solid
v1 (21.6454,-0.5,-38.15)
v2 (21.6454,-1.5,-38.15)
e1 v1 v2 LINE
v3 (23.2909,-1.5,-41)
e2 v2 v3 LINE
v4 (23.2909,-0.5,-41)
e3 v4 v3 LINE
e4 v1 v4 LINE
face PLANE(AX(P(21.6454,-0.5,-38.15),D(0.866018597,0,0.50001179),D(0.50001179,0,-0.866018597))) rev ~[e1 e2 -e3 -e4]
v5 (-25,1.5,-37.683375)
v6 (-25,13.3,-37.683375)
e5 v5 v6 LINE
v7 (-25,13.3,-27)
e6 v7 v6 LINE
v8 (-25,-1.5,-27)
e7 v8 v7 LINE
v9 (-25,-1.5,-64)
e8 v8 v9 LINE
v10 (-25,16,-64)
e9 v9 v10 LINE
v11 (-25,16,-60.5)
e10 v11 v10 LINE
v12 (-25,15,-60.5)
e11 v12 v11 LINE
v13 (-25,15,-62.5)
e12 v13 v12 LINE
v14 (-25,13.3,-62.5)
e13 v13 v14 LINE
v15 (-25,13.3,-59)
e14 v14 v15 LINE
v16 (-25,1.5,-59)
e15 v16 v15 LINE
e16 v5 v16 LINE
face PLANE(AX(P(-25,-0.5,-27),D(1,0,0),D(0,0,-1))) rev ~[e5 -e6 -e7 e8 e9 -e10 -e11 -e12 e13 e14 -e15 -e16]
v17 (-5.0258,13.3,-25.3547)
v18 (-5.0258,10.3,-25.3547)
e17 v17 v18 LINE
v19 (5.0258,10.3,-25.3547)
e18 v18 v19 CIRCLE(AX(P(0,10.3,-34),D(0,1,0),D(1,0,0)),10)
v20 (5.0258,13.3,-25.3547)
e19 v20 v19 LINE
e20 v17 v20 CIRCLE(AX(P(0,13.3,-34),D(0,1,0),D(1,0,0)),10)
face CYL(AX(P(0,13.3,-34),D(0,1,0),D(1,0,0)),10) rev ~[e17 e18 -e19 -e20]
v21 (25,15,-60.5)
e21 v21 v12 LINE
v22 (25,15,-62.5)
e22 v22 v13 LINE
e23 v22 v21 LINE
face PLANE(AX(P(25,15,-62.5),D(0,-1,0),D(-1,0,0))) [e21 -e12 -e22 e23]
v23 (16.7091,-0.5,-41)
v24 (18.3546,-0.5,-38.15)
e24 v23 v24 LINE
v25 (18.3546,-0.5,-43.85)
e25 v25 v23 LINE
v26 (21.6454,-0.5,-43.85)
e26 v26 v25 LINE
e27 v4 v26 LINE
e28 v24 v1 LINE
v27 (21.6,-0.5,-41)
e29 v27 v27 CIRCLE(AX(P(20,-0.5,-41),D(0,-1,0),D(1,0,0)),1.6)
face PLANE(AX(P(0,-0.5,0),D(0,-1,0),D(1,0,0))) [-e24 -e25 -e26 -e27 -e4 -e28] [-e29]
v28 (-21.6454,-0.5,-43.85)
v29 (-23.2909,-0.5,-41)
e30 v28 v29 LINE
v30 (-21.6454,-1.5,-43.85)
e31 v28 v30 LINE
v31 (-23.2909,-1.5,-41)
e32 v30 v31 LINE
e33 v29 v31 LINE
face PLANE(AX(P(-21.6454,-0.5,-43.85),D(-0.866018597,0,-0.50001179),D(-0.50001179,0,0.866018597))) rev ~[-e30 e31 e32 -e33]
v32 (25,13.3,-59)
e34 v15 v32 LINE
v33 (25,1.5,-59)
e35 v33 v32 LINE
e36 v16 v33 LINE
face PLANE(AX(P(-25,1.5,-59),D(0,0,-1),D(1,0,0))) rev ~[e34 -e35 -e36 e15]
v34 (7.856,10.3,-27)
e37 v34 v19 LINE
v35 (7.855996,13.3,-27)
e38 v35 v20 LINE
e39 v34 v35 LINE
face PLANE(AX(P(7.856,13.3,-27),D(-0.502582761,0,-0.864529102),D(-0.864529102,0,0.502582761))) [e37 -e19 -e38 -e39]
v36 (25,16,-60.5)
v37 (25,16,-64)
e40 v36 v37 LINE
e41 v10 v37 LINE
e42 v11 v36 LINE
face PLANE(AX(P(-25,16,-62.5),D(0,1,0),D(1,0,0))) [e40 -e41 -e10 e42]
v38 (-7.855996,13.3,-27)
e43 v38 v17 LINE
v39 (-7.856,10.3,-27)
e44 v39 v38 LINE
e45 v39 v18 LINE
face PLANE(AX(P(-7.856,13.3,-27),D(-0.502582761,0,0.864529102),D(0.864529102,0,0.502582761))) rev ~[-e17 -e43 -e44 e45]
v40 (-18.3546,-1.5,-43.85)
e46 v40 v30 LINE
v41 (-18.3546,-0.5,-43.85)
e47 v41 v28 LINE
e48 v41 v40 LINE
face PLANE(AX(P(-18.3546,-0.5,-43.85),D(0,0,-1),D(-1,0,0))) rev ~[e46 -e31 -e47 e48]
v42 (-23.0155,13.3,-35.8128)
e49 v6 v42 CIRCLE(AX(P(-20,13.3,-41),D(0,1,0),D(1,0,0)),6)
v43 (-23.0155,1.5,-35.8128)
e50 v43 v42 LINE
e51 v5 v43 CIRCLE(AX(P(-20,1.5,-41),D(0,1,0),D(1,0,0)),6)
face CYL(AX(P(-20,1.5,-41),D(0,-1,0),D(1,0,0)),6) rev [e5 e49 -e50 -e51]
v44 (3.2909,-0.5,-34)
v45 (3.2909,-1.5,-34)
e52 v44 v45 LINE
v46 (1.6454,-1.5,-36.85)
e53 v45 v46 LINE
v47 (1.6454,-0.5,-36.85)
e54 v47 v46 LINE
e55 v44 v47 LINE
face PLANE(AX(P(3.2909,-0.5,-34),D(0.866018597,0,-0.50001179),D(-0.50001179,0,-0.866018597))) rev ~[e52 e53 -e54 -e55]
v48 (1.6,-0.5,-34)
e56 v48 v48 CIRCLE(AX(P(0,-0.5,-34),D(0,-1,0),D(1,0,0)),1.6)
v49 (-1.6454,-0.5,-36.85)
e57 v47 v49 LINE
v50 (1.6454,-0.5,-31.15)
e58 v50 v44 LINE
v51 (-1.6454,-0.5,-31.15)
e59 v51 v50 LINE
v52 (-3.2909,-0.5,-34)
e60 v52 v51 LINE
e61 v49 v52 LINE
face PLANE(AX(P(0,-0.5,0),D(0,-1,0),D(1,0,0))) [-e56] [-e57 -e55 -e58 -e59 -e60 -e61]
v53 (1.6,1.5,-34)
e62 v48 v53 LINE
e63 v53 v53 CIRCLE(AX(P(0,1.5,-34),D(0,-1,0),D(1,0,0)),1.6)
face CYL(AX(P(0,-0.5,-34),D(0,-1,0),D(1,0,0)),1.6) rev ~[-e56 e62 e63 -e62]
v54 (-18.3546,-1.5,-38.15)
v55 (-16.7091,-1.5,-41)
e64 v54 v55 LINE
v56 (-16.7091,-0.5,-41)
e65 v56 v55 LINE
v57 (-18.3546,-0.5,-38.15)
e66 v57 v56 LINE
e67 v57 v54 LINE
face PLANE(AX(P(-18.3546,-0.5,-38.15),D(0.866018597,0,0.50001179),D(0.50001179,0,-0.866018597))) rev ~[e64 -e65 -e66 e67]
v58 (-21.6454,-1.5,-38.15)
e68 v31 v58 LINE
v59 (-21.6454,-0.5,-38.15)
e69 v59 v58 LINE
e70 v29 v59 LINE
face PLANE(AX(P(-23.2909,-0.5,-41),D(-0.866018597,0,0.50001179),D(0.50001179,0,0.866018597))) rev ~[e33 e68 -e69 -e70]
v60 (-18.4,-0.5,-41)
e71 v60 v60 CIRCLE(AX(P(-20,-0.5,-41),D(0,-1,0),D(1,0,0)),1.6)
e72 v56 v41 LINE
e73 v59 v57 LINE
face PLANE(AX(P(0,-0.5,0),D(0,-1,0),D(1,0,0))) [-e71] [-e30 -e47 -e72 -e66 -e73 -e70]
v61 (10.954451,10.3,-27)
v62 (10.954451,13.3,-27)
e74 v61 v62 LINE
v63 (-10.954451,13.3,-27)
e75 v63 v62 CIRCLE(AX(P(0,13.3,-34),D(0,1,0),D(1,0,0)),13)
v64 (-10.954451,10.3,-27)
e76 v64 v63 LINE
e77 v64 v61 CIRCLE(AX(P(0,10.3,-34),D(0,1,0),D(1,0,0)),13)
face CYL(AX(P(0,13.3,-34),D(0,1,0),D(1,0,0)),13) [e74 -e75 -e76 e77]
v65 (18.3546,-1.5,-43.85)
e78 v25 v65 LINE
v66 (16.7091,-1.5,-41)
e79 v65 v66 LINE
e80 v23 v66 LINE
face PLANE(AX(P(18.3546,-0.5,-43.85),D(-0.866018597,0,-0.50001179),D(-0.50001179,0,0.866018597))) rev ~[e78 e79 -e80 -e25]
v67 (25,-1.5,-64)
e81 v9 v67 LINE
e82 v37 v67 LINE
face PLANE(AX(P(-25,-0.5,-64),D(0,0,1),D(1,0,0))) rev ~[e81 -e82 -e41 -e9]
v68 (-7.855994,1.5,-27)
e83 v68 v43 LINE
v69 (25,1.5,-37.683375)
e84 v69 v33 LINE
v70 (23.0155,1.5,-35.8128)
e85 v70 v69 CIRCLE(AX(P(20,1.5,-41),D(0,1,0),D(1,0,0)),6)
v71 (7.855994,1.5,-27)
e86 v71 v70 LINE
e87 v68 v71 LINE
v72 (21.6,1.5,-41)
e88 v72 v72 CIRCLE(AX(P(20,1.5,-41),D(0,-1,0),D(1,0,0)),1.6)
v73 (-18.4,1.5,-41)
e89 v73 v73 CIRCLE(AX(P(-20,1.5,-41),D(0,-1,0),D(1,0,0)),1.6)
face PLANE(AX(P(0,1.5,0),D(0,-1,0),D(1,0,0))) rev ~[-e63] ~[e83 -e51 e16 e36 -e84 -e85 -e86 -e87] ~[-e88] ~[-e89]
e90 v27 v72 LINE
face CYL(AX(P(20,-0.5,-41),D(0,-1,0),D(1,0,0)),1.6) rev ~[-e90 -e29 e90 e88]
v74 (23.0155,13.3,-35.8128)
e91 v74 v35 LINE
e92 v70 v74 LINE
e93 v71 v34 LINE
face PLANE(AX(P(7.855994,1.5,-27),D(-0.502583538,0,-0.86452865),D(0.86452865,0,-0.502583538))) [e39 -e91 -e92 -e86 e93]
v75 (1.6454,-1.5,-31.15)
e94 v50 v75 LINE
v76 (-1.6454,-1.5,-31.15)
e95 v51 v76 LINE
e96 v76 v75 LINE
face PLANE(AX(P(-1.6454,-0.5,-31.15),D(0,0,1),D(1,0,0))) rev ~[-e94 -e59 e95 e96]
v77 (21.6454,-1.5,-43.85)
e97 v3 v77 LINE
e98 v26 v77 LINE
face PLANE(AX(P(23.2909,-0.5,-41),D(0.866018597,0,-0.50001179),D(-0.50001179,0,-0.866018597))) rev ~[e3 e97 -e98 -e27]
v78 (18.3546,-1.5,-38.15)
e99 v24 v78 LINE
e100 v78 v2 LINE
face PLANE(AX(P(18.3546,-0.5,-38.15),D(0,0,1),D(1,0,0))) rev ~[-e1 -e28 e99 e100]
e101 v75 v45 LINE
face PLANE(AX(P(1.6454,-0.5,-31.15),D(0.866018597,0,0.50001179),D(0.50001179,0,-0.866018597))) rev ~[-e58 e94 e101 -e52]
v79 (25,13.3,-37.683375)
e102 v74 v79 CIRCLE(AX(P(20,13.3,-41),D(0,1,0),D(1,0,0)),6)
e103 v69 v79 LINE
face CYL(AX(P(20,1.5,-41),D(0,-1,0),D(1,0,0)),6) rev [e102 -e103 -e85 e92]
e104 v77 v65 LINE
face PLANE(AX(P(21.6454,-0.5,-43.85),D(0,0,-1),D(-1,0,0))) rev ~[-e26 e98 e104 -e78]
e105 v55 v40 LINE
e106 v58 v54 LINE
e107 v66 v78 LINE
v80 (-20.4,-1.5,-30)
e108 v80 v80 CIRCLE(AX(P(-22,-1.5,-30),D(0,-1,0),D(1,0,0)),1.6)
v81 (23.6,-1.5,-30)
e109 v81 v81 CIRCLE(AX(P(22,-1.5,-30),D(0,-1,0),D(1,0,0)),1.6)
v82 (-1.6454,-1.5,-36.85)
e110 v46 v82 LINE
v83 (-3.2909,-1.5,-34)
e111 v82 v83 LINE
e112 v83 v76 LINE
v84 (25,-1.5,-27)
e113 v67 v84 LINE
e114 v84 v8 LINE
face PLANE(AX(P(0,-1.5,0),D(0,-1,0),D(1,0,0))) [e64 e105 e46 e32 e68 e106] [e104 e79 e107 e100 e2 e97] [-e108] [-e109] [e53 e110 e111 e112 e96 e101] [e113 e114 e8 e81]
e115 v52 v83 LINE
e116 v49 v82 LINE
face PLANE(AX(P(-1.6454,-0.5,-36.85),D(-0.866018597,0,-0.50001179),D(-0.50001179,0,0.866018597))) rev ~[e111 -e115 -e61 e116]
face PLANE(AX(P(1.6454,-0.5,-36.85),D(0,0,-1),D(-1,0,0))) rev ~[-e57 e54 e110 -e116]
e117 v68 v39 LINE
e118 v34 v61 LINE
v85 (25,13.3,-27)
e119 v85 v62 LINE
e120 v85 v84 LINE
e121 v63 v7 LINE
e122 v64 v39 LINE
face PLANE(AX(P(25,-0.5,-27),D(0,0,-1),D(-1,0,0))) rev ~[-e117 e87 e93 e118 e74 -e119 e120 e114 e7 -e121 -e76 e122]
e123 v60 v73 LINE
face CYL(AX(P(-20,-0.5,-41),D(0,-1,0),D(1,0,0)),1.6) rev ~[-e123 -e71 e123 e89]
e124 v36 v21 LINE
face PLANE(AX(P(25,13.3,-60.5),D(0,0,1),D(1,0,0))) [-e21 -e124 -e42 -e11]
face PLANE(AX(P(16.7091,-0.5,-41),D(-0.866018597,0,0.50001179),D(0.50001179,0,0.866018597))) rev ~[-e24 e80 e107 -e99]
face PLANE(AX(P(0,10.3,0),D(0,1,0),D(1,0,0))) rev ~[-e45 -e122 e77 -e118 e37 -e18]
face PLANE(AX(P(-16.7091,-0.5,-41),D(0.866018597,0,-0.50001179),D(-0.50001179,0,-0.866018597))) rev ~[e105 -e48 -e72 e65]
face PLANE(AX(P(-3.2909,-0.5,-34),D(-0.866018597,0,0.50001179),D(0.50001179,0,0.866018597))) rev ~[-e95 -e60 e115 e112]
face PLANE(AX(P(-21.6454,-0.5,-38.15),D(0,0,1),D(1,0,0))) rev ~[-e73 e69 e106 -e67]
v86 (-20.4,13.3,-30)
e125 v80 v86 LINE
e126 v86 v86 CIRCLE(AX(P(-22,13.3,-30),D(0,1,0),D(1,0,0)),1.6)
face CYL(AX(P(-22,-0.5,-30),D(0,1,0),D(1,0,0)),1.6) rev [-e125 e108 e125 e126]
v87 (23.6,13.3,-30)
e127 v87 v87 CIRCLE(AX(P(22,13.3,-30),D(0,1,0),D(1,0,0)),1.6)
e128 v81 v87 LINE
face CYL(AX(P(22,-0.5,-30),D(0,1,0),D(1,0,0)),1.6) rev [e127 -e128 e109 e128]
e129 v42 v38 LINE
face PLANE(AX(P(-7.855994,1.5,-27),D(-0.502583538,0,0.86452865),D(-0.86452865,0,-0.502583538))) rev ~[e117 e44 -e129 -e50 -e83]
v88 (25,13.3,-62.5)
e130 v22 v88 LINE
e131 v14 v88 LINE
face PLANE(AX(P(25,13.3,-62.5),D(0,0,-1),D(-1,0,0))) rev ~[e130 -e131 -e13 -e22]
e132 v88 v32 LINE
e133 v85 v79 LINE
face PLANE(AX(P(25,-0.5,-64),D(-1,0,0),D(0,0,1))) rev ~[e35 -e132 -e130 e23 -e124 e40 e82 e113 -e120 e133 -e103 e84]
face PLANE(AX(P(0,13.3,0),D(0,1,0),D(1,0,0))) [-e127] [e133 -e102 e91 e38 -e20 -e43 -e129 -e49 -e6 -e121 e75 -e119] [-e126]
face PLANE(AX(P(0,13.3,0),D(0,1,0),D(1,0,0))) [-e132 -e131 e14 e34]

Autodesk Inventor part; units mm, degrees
ref_plane "YZ Plane" through (0, 0, 0) normal (1, 0, 0) x (0, 1, 0)
ref_plane "XZ Plane" through (0, 0, 0) normal (0, 1, 0) x (-1, 0, 0)
ref_plane "XY Plane" through (0, 0, 0) normal (0, 0, 1) x (1, 0, 0)
sketch "スケッチ1" plane through (0, 0, 0) normal (0, 1, 0) x (-1, 0, 0)
  line L0 (75, 0) -> (105, -51.9615)
  line L1 (-75, 0) -> (-105, -51.9615)
  line L2 (0, -218.2384) -> (0, 36.3731)
  line L3 (147, 0) -> (-147, 0)
  line L4 (105, -51.9615) -> (30, -181.8653)
  line L5 (30, -181.8653) -> (-30, -181.8653)
  line L6 (-30, -181.8653) -> (-105, -51.9615)
  line L7 (75, 0) -> (-75, 0)
  line L8 (34, 0) -> (34, -24.3509)
  line L9 (34, -24.3509) -> (48.7058, -49.822)
  line L10 (48.7058, -49.822) -> (90, -25.9808)
  line L11 (45, 0) -> (45, -18) construction
  line L12 (45, -18) -> (34, -24.3509) construction
  line L13 (84.5, -87.4686) -> (63.4115, -75.2931)
  line L14 (63.4115, -75.2931) -> (48.7058, -49.822)
  line L15 (-34, 0) -> (-34, -24.3509)
  line L16 (-34, -24.3509) -> (-48.7058, -49.822)
  line L17 (-63.4115, -75.2931) -> (-48.7058, -49.822)
  line L18 (-84.5, -87.4686) -> (-63.4115, -75.2931)
  circle A0 centre (30, -32.75) radius 1.6
  circle A1 centre (-30, -32.75) radius 1.6
  line L19 (35.5295, -27) -> (-35.5295, -27)
  point P0 (0, 0)
  point P1 (0, 0)
  point P2 (0, -27)
  dimension "d1" = 150
  dimension "d2" = 60
  dimension "d3" = 60
  dimension "d6" = 60
  dimension "d30" = 60
  dimension "d31" = 18
  dimension "d32" = 30
  dimension "d33" = 41
  dimension "d34" = 3.2
  dimension "d35" = 30
  dimension "d36" = 32.75
  dimension "d37" = 27
extrude "プレート1" add sketch "スケッチ1" along normal blind 1.5 contours L14 L13 L4 L5 L2 L19 L9 | L2 L5 L6 L18 L17 L16 L19
sketch "スケッチ4" plane through (0, 1.5, 0) normal (0, 1, 0) x (1, 0, 0)
  circle A0 centre (30, 67.8013) radius 1.6 projected
  circle A1 centre (45, 67.8013) radius 1.6 projected
  line L0 (0, 218.2384) -> (0, -36.3731) projected
  circle A2 centre (-30, 67.8013) radius 1.6
  circle A3 centre (-45, 67.8013) radius 1.6
  line L1 (61.6173, 73.1025) -> (25, 73.1025) projected
  line L2 (25, 73.1025) -> (25, 62.5) projected
  line L3 (-61.6173, 73.1025) -> (-25, 73.1025) projected
  line L4 (-25, 73.1025) -> (-25, 62.5) projected
  line L5 (-25, 62.5) -> (25, 62.5)
  line L6 (-30, 73.1025) -> (30, 73.1025)
  line L7 (30, 73.1025) -> (30, 181.8653)
  line L8 (30, 181.8653) -> (-30, 181.8653)
  line L9 (-30, 181.8653) -> (-30, 73.1025)
  line L10 (-25, 62.5) -> (25, 62.5)
  line L11 (25, 62.5) -> (25, 73.1025)
  line L12 (25, 73.1025) -> (-25, 73.1025)
  line L13 (-25, 73.1025) -> (-25, 62.5)
  line L14 (30, 181.8653) -> (84.5, 87.4686) projected
  line L15 (70, 112.5833) -> (30, 89.4893)
  line L16 (-30, 89.4893) -> (-70, 112.5833)
  line L17 (-84.5, 87.4686) -> (-30, 181.8653) projected
  line L18 (84.5, 87.4686) -> (63.4115, 75.2931) projected
  line L19 (-63.4115, 75.2931) -> (-84.5, 87.4686) projected
  line L20 (-35.5295, 27) -> (-63.4115, 75.2931) projected
  point P0 (0, 0)
  dimension "d40" = 80
extrude "切り取り3" cut sketch "スケッチ4" against normal blind 1.5
sketch "スケッチ5" plane through (0, 1.5, 0) normal (0, 1, 0) x (1, 0, 0)
  line L0 (-75, 44) -> (75, 44) projected
  circle A0 centre (-20, 41) radius 3
  circle A1 centre (20, 41) radius 3
  line L1 (-25, 62.5) -> (25, 62.5) projected
  line L2 (0, 62.5) -> (0, 27)
  line L3 (35.5295, 27) -> (-35.5295, 27) projected
  circle A2 centre (-20, 41) radius 1.6
  circle A3 centre (20, 41) radius 1.6
  circle A4 centre (0, 34) radius 1.6
  point P0 (0, 0)
  dimension "d41" = 6
  dimension "d42" = 6
  dimension "d43" = 40
  dimension "d44" = 3.2
  dimension "d45" = 3.2
  dimension "d46" = 3.2
  dimension "d47" = 7
extrude "切り取り4" cut sketch "スケッチ5" against normal blind 1.5 contours A4 L2 | L2 A4 | A2 | A3
sketch "スケッチ6" plane through (0, 1.5, 0) normal (0, 1, 0) x (1, 0, 0)
  circle A0 centre (-20, 41) radius 1.6 projected
  circle A1 centre (20, 41) radius 1.6 projected
  circle A2 centre (-20, 41) radius 3
  circle A3 centre (20, 41) radius 3
  line L0 (-70.724, 59) -> (85.6586, 59)
  line L1 (85.6586, 59) -> (85.6586, 44)
  line L2 (85.6586, 44) -> (-70.724, 44)
  line L3 (-70.724, 44) -> (-70.724, 59)
  circle A4 centre (0, 34) radius 1.6 projected
  circle A5 centre (0, 34) radius 10
  circle A6 centre (-20, 41) radius 6
  circle A7 centre (20, 41) radius 6
  line L4 (-5.0258, 25.3547) -> (-23.0155, 35.8128)
  line L5 (5.0258, 25.3547) -> (23.0155, 35.8128)
  line L6 (35.5295, 27) -> (-35.5295, 27) projected
  line L7 (-25, 27) -> (-25, 44)
  line L8 (25, 27) -> (25, 44)
  circle A8 centre (-30, 32.75) radius 1.6 projected
  circle A9 centre (30, 32.75) radius 1.6 projected
  line L9 (-25, 73.1025) -> (-25, 62.5) projected
  line L10 (-25, 62.5) -> (-25, 59)
  line L11 (-25, 62.5) -> (25, 62.5) projected
  line L12 (25, 62.5) -> (25, 59)
  point P0 (0, 0)
  point P1 (25, 37.6834)
  point P2 (7.856, 27)
  point P3 (-25, 37.6834)
  point P4 (-7.856, 27)
  dimension "d52" = 12
  dimension "d53" = 12
  dimension "d50" = 6
  dimension "d51" = 15
  dimension "d54" = 5
  dimension "d55" = 5
extrude "押し出し1" add sketch "スケッチ6" along normal blind 11.8 contours A6 L4 L6 L7 | A7 L8 L6 L5 | L10 L11 L12 L0
sketch "スケッチ7" plane through (0, 1.5, 0) normal (0, 1, 0) x (1, 0, 0)
  line L0 (-176.5784, 180.8905) -> (313.8631, 180.8905)
  line L1 (313.8631, 180.8905) -> (313.8631, -72.7571)
  line L2 (313.8631, -72.7571) -> (-176.5784, -72.7571)
  line L3 (-176.5784, -72.7571) -> (-176.5784, 180.8905)
  point P0 (0, 0)
extrude "押し出し2" cut sketch "スケッチ7" against normal through all
sketch "スケッチ8" plane through (25, 13.3, -62.5) normal (0, 0, -1) x (-1, 0, 0)
  line L0 (0, -11.8) -> (50, -11.8) projected
  line L1 (0, -11.8) -> (50, -11.8)
  line L2 (50, -11.8) -> (50, 2.7)
  line L3 (50, 2.7) -> (0, 2.7)
  line L4 (0, 2.7) -> (0, -11.8)
  line L5 (50, -11.8) -> (50, 0) projected
  line L6 (0, 0) -> (50, 0) projected
  point P0 (25, -13.3)
  dimension "d60" = 2.7
extrude "押し出し3" add sketch "スケッチ8" along normal blind 1.5
sketch "スケッチ9" plane through (25, 13.3, -62.5) normal (0, 0, 1) x (1, 0, 0)
  line L0 (-50, 0) -> (-50, 2.7) projected
  line L1 (-50, 2.7) -> (0, 2.7)
  line L2 (0, 2.7) -> (0, 1.7)
  line L3 (0, 1.7) -> (-50, 1.7)
  line L4 (-50, 1.7) -> (-50, 2.7)
  line L5 (0, 2.7) -> (0, 0) projected
  point P0 (-25, -13.3)
  dimension "d63" = 1
extrude "押し出し4" add sketch "スケッチ9" along normal blind 2
sketch "スケッチ11" plane through (0, 13.3, 0) normal (0, 1, 0) x (1, 0, 0)
  line L0 (-7.856, 27) -> (-23.0155, 35.8128) projected
  line L1 (23.0155, 35.8128) -> (7.856, 27) projected
  circle A0 centre (0, 34) radius 10
  circle A1 centre (0, 34) radius 13
  line L2 (-7.856, 27) -> (-5.0258, 25.3547)
  line L3 (7.856, 27) -> (5.0258, 25.3547)
  point P0 (0, 0)
  point P1 (-12.2072, 29.5295)
  point P2 (12.2072, 29.5295)
  dimension "d66" = 20
  dimension "d67" = 26
extrude "押し出し5" add sketch "スケッチ11" against normal blind 3 contours L2 A0 L3 L1 A1 L0 picked at (-6.6023, 24.0668)
sketch "スケッチ12" plane through (0, 13.3, 0) normal (0, 1, 0) x (1, 0, 0)
  circle A0 centre (-22, 30) radius 1.6
  circle A1 centre (22, 30) radius 1.6
  line L0 (25, 60.5) -> (-25, 60.5) projected
  line L1 (0, 60.5) -> (0, 48.3991)
  line L2 (-25, 27) -> (-10.9545, 27) projected
  line L3 (-25, 37.6834) -> (-25, 27) projected
  point P0 (0, 0)
  dimension "d70" = 3.2
  dimension "d71" = 3
  dimension "d72" = 3
extrude "押し出し6" cut sketch "スケッチ12" against normal through all
sketch "スケッチ13" plane through (0, 1.5, 0) normal (0, -1, 0) x (1, 0, 0)
  line L0 (-25, -37.6834) -> (-25, -27) projected
  line L1 (-25, -27) -> (25, -27)
  line L2 (25, -27) -> (25, -64)
  line L3 (25, -64) -> (-25, -64)
  line L4 (-25, -64) -> (-25, -27)
  circle A0 centre (-22, -30) radius 1.6 projected
  circle A1 centre (22, -30) radius 1.6 projected
  point P0 (0, 0)
extrude "押し出し7" add sketch "スケッチ13" along normal blind 2
sketch "スケッチ14" plane through (0, -0.5, 0) normal (0, -1, 0) x (1, 0, 0)
  circle A0 centre (-20, -41) radius 1.6 projected
  circle A1 centre (0, -34) radius 1.6 projected
  circle A2 centre (20, -41) radius 1.6 projected
  line L0 (-30, -73.9008) -> (-76.75, -100.892) projected
  line L1 (-84.5, -87.4686) -> (-76.75, -100.892) projected
  line L2 (-63.4115, -75.2931) -> (-84.5, -87.4686) projected
  line L3 (-35.5295, -27) -> (-63.4115, -75.2931) projected
  line L4 (35.5295, -27) -> (-35.5295, -27) projected
  line L5 (63.4115, -75.2931) -> (35.5295, -27) projected
  line L6 (84.5, -87.4686) -> (63.4115, -75.2931) projected
  line L7 (76.75, -100.892) -> (84.5, -87.4686) projected
  line L8 (76.75, -100.892) -> (30, -73.9008) projected
  line L9 (30, -73.9008) -> (30, -73.1025) projected
  line L10 (30, -73.1025) -> (25, -73.1025) projected
  line L11 (25, -73.1025) -> (25, -62.5) projected
  line L12 (25, -62.5) -> (-25, -62.5) projected
  line L13 (-25, -62.5) -> (-25, -73.1025) projected
  line L14 (-25, -73.1025) -> (-30, -73.1025) projected
  line L15 (-30, -73.1025) -> (-30, -73.9008) projected
  circle A3 centre (-30, -67.8013) radius 1.6 projected
  circle A4 centre (30, -67.8013) radius 1.6 projected
  circle A5 centre (45, -67.8013) radius 1.6 projected
  circle A6 centre (-45, -67.8013) radius 1.6 projected
  circle A7 centre (30, -32.75) radius 1.6 projected
  circle A8 centre (-30, -32.75) radius 1.6 projected
  circle A9 centre (48.4391, -79.9279) radius 1.6 projected
  circle A10 centre (-48.4391, -79.9279) radius 1.6 projected
  circle A11 centre (-73.3666, -93.1522) radius 1.6 projected
  circle A12 centre (73.3666, -93.1522) radius 1.6 projected
  point P0 (0, 0)
extrude "押し出し8" cut sketch "スケッチ14" against normal through all contours A0 | A1 | A2
sketch "スケッチ15" plane through (0, -0.5, 0) normal (0, -1, 0) x (1, 0, 0)
  line L0 (3.2909, -34) -> (1.6454, -36.85)
  line L1 (1.6454, -36.85) -> (-1.6454, -36.85)
  line L2 (-1.6454, -36.85) -> (-3.2909, -34)
  line L3 (-3.2909, -34) -> (-1.6454, -31.15)
  line L4 (-1.6454, -31.15) -> (1.6454, -31.15)
  line L5 (1.6454, -31.15) -> (3.2909, -34)
  line L6 (21.6454, -43.85) -> (18.3546, -43.85)
  line L7 (18.3546, -43.85) -> (16.7091, -41)
  line L8 (16.7091, -41) -> (18.3546, -38.15)
  line L9 (18.3546, -38.15) -> (21.6454, -38.15)
  line L10 (21.6454, -38.15) -> (23.2909, -41)
  line L11 (23.2909, -41) -> (21.6454, -43.85)
  line L12 (-16.7091, -41) -> (-18.3546, -43.85)
  line L13 (-18.3546, -43.85) -> (-21.6454, -43.85)
  line L14 (-21.6454, -43.85) -> (-23.2909, -41)
  line L15 (-23.2909, -41) -> (-21.6454, -38.15)
  line L16 (-21.6454, -38.15) -> (-18.3546, -38.15)
  line L17 (-18.3546, -38.15) -> (-16.7091, -41)
  circle A0 centre (-20, -41) radius 1.6 projected
  circle A1 centre (0, -34) radius 1.6 projected
  circle A2 centre (20, -41) radius 1.6 projected
  circle A3 centre (20, -41) radius 1.6 projected
  circle A4 centre (0, -34) radius 1.6 projected
  circle A5 centre (-20, -41) radius 1.6 projected
  line L18 (25, -64) -> (25, -27) projected
  line L19 (25, -27) -> (-25, -27) projected
  line L20 (-25, -27) -> (-25, -64) projected
  line L21 (-25, -64) -> (25, -64) projected
  circle A6 centre (-22, -30) radius 1.6 projected
  circle A7 centre (22, -30) radius 1.6 projected
  point P0 (0, 0)
  point P1 (0, -34)
  point P2 (20, -41)
  point P3 (-20, -41)
  dimension "d80" = 5.7
extrude "押し出し9" add sketch "スケッチ15" along normal blind 1 contours L21 L20 L19 L18
equation "\"d3\" = d2"
equation "\"d38\" = Thickness"
equation "\"d41\" = d42"
equation "\"d48\" = Thickness"
equation "\"d16\" = Thickness"
equation "\"BendRadius\" = Thickness"
equation "\"BendReliefWidth\" = Thickness"
equation "\"BendReliefDepth\" = 0.5 * Thickness"
equation "\"CornerReliefSize\" = 4 * Thickness"
equation "\"MinimumRemnant\" = 2 * Thickness"
equation "\"TransitionRadius\" = BendRadius"
equation "\"JacobiRadiusSize\" = BendRadius"
equation "\"GapSize\" = Thickness"
equation "\"Thickness\" = 1.5"
properties part number "belt_cover_middle"
